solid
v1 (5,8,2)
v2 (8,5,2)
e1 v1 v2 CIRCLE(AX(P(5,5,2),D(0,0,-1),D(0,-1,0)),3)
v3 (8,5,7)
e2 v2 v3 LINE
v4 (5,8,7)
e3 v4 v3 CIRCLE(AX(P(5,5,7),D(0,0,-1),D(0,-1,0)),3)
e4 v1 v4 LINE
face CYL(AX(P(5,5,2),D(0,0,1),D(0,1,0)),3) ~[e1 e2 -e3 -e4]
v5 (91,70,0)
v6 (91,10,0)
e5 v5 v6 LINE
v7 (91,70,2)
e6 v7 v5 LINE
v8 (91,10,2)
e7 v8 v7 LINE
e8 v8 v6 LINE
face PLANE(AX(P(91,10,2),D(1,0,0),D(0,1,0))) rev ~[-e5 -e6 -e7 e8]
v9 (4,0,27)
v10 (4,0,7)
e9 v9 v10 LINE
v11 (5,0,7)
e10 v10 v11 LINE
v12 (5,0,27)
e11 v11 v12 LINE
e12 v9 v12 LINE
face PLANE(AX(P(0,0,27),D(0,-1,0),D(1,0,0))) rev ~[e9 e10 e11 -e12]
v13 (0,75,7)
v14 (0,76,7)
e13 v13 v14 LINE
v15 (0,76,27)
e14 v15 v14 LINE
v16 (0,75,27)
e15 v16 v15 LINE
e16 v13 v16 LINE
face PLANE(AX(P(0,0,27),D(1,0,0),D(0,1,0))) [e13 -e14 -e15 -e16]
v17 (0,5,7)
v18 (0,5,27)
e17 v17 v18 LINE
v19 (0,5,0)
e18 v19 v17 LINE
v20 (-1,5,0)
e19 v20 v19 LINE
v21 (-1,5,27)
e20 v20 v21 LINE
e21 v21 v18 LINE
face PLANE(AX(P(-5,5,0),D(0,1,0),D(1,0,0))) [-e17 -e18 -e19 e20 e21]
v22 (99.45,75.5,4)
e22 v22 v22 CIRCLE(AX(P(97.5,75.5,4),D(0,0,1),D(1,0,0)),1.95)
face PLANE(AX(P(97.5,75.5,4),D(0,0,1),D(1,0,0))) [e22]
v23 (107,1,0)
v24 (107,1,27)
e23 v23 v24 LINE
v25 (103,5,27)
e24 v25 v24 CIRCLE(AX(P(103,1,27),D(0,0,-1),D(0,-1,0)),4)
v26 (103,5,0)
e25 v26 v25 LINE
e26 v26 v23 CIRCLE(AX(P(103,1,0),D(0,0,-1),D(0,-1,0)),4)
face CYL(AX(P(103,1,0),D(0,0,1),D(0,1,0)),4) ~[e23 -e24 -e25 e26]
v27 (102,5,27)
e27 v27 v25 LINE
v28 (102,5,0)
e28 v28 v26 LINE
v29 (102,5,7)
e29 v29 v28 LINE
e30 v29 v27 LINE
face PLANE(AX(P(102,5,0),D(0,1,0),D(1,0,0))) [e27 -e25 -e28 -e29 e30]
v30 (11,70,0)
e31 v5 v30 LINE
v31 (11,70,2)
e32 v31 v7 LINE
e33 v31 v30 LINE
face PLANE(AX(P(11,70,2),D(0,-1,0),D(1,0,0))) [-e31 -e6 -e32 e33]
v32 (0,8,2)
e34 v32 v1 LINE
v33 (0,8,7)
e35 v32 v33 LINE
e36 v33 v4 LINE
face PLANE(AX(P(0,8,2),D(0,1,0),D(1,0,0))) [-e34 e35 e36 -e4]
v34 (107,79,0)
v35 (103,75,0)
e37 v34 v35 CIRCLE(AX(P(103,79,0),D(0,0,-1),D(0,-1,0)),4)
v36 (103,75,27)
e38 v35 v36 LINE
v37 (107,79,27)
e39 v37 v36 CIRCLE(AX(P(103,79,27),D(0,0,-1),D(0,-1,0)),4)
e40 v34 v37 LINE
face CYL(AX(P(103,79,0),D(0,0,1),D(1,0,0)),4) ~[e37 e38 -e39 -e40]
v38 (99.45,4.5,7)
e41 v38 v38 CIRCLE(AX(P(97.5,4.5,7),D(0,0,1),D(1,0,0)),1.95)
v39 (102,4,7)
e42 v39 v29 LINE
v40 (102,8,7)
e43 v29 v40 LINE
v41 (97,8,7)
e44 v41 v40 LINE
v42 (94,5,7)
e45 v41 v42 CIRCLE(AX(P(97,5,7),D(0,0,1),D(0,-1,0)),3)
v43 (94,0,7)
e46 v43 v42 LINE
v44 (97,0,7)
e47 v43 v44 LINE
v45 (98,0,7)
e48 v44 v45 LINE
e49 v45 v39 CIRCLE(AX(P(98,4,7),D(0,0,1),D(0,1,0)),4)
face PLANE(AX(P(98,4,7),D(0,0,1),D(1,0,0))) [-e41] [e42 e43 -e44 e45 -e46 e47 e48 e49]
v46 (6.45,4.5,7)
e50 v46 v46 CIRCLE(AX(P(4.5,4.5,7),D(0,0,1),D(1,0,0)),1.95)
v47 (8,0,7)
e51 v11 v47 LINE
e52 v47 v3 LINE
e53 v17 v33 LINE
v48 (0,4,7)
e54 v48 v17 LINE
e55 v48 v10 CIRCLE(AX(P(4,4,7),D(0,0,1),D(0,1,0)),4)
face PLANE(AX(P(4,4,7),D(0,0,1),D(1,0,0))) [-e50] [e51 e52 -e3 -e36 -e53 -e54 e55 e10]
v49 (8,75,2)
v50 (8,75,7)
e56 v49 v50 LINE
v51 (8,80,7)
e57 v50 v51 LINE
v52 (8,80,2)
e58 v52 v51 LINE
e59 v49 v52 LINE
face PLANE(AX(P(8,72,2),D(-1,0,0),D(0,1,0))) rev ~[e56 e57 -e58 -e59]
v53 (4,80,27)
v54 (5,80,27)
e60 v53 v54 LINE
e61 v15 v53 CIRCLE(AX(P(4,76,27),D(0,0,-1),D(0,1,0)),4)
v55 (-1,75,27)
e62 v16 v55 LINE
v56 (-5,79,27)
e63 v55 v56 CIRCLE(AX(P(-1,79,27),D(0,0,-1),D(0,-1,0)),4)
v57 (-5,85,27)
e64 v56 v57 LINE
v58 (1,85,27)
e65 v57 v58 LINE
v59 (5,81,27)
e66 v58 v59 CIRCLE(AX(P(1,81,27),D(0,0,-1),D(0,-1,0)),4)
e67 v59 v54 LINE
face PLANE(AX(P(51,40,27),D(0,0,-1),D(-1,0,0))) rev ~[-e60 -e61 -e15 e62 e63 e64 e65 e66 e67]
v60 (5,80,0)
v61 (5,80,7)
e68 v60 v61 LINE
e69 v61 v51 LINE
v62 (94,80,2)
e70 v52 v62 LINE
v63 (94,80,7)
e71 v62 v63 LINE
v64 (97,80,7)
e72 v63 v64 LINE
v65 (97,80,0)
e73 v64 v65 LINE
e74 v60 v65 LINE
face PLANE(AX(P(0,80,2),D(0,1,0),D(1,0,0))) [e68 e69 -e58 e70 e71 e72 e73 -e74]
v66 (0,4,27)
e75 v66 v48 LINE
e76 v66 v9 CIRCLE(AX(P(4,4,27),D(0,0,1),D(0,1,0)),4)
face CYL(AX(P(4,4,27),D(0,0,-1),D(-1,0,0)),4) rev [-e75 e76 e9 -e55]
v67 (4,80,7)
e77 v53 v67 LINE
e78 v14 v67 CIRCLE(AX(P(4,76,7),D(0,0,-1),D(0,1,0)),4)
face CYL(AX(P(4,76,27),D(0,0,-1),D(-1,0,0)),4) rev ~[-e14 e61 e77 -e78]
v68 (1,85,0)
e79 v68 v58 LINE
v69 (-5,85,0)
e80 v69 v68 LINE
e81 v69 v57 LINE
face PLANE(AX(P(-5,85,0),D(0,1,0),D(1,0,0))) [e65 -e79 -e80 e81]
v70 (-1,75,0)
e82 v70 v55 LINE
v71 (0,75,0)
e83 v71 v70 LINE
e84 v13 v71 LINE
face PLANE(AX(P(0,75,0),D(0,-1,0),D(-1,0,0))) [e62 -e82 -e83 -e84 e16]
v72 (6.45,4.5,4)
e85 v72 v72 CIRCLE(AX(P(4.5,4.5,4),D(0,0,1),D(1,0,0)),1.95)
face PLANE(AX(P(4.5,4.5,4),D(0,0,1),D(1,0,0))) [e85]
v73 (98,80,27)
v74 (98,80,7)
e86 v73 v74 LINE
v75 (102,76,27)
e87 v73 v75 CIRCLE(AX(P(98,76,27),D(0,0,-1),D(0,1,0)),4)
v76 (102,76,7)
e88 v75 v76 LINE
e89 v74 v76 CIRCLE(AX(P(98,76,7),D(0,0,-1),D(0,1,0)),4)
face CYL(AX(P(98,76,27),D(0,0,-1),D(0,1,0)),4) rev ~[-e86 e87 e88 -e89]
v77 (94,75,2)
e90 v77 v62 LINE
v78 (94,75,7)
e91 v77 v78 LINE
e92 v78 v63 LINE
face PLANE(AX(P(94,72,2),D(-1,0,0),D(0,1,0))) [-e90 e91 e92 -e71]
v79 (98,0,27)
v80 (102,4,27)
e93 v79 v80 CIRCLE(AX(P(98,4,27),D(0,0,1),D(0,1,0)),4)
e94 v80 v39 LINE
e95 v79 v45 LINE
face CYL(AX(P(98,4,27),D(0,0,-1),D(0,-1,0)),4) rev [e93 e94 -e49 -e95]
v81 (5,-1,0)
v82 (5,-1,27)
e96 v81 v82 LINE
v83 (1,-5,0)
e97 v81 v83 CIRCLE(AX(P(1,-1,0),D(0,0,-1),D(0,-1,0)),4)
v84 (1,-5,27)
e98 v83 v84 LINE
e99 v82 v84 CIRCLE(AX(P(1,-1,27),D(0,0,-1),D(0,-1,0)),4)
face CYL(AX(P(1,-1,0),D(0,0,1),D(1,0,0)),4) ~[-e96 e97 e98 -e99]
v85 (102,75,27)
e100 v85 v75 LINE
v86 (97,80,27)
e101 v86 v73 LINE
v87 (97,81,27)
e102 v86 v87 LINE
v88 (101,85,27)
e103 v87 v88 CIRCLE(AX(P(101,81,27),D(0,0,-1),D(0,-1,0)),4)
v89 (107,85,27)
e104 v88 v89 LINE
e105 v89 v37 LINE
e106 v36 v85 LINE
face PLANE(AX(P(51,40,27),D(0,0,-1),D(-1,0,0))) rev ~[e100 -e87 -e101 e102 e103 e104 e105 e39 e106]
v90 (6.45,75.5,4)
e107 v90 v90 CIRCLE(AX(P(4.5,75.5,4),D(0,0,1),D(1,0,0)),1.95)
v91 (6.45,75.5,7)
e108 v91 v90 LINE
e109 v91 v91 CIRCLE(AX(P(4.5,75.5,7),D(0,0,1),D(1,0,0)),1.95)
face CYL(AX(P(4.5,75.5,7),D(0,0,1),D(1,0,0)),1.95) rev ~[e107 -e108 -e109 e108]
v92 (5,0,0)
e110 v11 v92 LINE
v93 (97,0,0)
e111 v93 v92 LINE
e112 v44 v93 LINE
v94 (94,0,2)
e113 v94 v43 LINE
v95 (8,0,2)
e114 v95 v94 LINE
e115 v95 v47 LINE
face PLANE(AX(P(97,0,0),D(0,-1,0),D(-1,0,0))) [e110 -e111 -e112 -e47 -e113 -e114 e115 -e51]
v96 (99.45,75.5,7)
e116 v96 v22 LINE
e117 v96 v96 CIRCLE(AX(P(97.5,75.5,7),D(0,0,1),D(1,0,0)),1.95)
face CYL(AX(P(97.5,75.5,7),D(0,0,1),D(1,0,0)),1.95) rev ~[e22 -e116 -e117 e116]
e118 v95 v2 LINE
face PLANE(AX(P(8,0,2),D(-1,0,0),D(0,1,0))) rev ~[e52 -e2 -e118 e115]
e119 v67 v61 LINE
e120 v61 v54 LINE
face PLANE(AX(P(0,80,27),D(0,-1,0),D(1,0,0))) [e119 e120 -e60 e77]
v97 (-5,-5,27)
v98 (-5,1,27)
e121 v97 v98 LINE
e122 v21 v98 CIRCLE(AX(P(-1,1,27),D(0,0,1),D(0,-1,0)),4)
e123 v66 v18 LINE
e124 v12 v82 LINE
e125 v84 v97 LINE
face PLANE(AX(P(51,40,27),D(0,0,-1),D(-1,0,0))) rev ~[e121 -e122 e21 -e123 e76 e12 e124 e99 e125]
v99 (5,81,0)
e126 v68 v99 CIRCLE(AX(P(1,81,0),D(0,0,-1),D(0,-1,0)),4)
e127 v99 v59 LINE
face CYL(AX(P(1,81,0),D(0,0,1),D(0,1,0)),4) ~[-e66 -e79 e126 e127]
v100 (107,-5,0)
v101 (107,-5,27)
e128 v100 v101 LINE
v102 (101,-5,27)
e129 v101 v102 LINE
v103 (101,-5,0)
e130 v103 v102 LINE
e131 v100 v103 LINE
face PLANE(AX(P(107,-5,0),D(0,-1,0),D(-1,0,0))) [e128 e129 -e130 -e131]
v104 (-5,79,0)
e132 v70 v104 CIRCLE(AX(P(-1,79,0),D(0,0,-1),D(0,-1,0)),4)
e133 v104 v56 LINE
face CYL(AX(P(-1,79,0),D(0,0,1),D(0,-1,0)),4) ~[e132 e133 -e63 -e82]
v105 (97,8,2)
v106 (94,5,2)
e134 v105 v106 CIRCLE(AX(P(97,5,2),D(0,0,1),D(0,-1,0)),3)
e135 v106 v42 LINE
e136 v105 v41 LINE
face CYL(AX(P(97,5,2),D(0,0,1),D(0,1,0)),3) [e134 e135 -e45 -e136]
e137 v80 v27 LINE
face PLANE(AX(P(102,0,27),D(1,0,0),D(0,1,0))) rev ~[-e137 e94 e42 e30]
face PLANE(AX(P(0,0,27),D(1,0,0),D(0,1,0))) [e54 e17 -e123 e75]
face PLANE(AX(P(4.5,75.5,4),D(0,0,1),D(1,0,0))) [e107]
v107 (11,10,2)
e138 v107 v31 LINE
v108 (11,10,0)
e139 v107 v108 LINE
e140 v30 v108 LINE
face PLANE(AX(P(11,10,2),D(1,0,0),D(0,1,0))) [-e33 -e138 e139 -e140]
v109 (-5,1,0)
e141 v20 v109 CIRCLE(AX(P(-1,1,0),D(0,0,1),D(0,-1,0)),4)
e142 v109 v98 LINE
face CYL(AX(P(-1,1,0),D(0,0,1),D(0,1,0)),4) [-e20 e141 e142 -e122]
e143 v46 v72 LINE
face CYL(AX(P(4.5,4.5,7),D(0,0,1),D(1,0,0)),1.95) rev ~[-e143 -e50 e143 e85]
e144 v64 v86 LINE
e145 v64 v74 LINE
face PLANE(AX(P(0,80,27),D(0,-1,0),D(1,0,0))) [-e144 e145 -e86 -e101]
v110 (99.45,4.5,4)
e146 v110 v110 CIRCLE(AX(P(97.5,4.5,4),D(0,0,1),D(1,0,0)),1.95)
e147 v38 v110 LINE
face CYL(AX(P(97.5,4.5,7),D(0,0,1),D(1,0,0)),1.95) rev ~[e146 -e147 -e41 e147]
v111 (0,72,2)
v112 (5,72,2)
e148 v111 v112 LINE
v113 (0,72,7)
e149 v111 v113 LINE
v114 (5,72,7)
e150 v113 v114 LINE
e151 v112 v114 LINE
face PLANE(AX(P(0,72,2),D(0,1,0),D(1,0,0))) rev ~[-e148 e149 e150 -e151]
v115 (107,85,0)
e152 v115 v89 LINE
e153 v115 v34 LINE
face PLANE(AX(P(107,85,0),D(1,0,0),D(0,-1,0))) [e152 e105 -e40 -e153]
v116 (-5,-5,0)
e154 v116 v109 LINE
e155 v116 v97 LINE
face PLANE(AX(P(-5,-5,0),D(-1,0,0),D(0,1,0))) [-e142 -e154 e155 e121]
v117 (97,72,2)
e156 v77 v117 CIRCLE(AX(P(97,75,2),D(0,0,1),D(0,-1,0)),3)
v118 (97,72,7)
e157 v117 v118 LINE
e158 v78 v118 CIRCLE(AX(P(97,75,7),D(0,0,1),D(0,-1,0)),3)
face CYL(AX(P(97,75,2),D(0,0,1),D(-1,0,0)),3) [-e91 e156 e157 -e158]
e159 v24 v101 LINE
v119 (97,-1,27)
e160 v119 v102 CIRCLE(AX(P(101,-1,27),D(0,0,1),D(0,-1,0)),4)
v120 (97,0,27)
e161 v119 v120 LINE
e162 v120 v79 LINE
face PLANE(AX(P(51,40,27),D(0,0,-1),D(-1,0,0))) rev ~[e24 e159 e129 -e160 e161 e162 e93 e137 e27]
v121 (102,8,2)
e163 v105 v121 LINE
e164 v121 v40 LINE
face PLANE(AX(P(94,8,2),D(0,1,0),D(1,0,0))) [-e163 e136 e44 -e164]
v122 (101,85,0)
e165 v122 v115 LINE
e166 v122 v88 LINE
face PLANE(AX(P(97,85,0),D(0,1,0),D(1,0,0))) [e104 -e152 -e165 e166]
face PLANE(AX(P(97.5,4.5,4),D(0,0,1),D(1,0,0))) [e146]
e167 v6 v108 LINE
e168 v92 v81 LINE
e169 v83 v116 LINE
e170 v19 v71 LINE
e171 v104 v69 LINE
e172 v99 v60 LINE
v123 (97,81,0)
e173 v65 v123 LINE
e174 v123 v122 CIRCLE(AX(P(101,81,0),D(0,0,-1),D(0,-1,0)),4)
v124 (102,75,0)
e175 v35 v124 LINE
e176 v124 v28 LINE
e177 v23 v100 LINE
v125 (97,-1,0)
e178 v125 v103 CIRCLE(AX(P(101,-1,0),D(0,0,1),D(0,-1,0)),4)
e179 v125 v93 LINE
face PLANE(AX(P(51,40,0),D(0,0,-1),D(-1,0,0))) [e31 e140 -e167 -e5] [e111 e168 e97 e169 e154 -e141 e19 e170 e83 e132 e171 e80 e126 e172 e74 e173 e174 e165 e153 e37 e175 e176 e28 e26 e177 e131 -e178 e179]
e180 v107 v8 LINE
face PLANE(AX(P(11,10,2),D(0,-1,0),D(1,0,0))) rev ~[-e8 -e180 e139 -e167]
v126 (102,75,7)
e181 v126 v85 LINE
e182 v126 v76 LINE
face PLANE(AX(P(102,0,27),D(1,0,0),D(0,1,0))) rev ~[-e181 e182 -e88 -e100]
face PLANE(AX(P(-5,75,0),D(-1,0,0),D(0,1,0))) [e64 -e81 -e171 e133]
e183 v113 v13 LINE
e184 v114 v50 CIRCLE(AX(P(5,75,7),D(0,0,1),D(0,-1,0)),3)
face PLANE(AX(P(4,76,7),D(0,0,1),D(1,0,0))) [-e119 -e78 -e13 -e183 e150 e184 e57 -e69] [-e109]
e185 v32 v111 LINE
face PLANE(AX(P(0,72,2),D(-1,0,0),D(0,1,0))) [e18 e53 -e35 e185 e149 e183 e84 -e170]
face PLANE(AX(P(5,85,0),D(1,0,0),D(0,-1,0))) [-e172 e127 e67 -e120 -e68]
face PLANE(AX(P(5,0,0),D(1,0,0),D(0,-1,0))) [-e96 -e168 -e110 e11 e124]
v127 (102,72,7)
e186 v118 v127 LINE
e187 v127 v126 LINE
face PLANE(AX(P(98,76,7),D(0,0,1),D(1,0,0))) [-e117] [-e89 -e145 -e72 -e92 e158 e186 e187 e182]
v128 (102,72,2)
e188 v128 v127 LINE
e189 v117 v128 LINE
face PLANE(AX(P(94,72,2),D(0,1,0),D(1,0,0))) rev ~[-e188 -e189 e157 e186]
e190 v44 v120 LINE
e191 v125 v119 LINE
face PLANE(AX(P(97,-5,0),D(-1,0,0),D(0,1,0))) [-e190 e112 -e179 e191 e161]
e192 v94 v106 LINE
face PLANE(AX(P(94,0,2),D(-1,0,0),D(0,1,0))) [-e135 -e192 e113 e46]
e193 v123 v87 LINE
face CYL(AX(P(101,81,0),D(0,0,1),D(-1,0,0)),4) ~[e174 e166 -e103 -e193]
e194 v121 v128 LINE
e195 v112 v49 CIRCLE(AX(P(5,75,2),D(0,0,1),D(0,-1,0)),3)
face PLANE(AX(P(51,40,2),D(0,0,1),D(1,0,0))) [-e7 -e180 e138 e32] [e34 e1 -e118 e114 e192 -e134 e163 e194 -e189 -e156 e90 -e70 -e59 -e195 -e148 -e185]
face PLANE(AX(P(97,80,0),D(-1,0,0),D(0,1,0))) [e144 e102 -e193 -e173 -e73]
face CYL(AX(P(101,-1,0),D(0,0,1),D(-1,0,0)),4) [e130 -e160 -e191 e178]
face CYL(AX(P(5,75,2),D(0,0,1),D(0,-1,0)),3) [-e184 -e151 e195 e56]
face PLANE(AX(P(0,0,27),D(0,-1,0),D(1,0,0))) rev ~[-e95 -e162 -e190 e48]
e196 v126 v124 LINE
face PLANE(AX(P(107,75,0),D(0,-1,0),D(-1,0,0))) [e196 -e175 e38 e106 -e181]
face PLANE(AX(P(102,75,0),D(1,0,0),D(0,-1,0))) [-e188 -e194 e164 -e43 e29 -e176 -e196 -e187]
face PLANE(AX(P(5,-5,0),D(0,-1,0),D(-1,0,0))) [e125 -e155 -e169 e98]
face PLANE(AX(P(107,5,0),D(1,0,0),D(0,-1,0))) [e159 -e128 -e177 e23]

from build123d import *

# Parameters (mm, degrees)
BOSS_EXTRUDE2_DEPTH = 27
SKETCH3_W           = 102
SKETCH3_H           = 80
CUT_EXTRUDE2_DEPTH  = 25
SKETCH4_W           = 8
SKETCH4_H           = 8
BOSS_EXTRUDE3_DEPTH = 5
SKETCH7_R           = 1.95
CUT_EXTRUDE3_DEPTH  = 3
FILLET2_R           = 3
FILLET3_R           = 4
SKETCH8_W           = 80
SKETCH8_H           = 60
CUT_EXTRUDE4_DEPTH  = 3


with BuildPart() as part:
    # Sketch1 → Boss-Extrude2 (new body)
    with BuildSketch(Plane.XY):
        Polygon((0, 75), (-5, 75), (-5, 85), (5, 85), (5, 80), (97, 80), (97, 85), (107, 85), (107, 75), (102, 75), (102, 5), (107, 5), (107, -5), (97, -5), (97, 0), (5, 0), (5, -5), (-5, -5), (-5, 5), (0, 5), align=None)
    extrude(amount=BOSS_EXTRUDE2_DEPTH)

    # Sketch3 → Cut-Extrude2 (cut)
    with BuildSketch(Plane.XY.offset(27)):
        with Locations((51, 40)):
            Rectangle(SKETCH3_W, SKETCH3_H)
    extrude(amount=-CUT_EXTRUDE2_DEPTH, mode=Mode.SUBTRACT)

    # Sketch4 → Boss-Extrude3 (add)
    with BuildSketch(Plane.XY.offset(2)):
        with Locations((4, 76)):
            Rectangle(SKETCH4_W, SKETCH4_H)
        with Locations((98, 76)):
            Rectangle(SKETCH4_W, SKETCH4_H)
        with Locations((98, 4)):
            Rectangle(SKETCH4_W, SKETCH4_H)
        with Locations((4, 4)):
            Rectangle(SKETCH4_W, SKETCH4_H)
    extrude(amount=BOSS_EXTRUDE3_DEPTH)

    # Sketch7 → Cut-Extrude3 (cut)
    with BuildSketch(Plane.XY.offset(7)):
        with Locations((4.5, 75.5)):
            Circle(SKETCH7_R)
        with Locations((97.5, 75.5)):
            Circle(SKETCH7_R)
        with Locations((97.5, 4.5)):
            Circle(SKETCH7_R)
        with Locations((4.5, 4.5)):
            Circle(SKETCH7_R)
    extrude(amount=-CUT_EXTRUDE3_DEPTH, mode=Mode.SUBTRACT)

    # Fillet2
    fillet2_edges = [part.edges().sort_by_distance(p)[0] for p in [
        (94, 72, 4.5),
        (94, 8, 4.5),
        (8, 8, 4.5),
        (8, 72, 4.5),
    ]]
    fillet(fillet2_edges, radius=FILLET2_R)

    # Fillet3
    fillet3_edges = [part.edges().sort_by_distance(p)[0] for p in [
        (102, 80, 17),
        (102, 0, 17),
        (0, 0, 17),
        (-5, 75, 13.5),
        (5, 85, 13.5),
        (97, 85, 13.5),
        (107, 75, 13.5),
        (107, 5, 13.5),
        (97, -5, 13.5),
        (5, -5, 13.5),
        (-5, 5, 13.5),
        (0, 80, 17),
    ]]
    fillet(fillet3_edges, radius=FILLET3_R)

    # Sketch8 → Cut-Extrude4 (cut, through all)
    with BuildSketch(Plane.XY.offset(2)):
        with Locations((51, 40)):
            Rectangle(SKETCH8_W, SKETCH8_H)
    extrude(amount=-CUT_EXTRUDE4_DEPTH, mode=Mode.SUBTRACT)


solid = part.part
